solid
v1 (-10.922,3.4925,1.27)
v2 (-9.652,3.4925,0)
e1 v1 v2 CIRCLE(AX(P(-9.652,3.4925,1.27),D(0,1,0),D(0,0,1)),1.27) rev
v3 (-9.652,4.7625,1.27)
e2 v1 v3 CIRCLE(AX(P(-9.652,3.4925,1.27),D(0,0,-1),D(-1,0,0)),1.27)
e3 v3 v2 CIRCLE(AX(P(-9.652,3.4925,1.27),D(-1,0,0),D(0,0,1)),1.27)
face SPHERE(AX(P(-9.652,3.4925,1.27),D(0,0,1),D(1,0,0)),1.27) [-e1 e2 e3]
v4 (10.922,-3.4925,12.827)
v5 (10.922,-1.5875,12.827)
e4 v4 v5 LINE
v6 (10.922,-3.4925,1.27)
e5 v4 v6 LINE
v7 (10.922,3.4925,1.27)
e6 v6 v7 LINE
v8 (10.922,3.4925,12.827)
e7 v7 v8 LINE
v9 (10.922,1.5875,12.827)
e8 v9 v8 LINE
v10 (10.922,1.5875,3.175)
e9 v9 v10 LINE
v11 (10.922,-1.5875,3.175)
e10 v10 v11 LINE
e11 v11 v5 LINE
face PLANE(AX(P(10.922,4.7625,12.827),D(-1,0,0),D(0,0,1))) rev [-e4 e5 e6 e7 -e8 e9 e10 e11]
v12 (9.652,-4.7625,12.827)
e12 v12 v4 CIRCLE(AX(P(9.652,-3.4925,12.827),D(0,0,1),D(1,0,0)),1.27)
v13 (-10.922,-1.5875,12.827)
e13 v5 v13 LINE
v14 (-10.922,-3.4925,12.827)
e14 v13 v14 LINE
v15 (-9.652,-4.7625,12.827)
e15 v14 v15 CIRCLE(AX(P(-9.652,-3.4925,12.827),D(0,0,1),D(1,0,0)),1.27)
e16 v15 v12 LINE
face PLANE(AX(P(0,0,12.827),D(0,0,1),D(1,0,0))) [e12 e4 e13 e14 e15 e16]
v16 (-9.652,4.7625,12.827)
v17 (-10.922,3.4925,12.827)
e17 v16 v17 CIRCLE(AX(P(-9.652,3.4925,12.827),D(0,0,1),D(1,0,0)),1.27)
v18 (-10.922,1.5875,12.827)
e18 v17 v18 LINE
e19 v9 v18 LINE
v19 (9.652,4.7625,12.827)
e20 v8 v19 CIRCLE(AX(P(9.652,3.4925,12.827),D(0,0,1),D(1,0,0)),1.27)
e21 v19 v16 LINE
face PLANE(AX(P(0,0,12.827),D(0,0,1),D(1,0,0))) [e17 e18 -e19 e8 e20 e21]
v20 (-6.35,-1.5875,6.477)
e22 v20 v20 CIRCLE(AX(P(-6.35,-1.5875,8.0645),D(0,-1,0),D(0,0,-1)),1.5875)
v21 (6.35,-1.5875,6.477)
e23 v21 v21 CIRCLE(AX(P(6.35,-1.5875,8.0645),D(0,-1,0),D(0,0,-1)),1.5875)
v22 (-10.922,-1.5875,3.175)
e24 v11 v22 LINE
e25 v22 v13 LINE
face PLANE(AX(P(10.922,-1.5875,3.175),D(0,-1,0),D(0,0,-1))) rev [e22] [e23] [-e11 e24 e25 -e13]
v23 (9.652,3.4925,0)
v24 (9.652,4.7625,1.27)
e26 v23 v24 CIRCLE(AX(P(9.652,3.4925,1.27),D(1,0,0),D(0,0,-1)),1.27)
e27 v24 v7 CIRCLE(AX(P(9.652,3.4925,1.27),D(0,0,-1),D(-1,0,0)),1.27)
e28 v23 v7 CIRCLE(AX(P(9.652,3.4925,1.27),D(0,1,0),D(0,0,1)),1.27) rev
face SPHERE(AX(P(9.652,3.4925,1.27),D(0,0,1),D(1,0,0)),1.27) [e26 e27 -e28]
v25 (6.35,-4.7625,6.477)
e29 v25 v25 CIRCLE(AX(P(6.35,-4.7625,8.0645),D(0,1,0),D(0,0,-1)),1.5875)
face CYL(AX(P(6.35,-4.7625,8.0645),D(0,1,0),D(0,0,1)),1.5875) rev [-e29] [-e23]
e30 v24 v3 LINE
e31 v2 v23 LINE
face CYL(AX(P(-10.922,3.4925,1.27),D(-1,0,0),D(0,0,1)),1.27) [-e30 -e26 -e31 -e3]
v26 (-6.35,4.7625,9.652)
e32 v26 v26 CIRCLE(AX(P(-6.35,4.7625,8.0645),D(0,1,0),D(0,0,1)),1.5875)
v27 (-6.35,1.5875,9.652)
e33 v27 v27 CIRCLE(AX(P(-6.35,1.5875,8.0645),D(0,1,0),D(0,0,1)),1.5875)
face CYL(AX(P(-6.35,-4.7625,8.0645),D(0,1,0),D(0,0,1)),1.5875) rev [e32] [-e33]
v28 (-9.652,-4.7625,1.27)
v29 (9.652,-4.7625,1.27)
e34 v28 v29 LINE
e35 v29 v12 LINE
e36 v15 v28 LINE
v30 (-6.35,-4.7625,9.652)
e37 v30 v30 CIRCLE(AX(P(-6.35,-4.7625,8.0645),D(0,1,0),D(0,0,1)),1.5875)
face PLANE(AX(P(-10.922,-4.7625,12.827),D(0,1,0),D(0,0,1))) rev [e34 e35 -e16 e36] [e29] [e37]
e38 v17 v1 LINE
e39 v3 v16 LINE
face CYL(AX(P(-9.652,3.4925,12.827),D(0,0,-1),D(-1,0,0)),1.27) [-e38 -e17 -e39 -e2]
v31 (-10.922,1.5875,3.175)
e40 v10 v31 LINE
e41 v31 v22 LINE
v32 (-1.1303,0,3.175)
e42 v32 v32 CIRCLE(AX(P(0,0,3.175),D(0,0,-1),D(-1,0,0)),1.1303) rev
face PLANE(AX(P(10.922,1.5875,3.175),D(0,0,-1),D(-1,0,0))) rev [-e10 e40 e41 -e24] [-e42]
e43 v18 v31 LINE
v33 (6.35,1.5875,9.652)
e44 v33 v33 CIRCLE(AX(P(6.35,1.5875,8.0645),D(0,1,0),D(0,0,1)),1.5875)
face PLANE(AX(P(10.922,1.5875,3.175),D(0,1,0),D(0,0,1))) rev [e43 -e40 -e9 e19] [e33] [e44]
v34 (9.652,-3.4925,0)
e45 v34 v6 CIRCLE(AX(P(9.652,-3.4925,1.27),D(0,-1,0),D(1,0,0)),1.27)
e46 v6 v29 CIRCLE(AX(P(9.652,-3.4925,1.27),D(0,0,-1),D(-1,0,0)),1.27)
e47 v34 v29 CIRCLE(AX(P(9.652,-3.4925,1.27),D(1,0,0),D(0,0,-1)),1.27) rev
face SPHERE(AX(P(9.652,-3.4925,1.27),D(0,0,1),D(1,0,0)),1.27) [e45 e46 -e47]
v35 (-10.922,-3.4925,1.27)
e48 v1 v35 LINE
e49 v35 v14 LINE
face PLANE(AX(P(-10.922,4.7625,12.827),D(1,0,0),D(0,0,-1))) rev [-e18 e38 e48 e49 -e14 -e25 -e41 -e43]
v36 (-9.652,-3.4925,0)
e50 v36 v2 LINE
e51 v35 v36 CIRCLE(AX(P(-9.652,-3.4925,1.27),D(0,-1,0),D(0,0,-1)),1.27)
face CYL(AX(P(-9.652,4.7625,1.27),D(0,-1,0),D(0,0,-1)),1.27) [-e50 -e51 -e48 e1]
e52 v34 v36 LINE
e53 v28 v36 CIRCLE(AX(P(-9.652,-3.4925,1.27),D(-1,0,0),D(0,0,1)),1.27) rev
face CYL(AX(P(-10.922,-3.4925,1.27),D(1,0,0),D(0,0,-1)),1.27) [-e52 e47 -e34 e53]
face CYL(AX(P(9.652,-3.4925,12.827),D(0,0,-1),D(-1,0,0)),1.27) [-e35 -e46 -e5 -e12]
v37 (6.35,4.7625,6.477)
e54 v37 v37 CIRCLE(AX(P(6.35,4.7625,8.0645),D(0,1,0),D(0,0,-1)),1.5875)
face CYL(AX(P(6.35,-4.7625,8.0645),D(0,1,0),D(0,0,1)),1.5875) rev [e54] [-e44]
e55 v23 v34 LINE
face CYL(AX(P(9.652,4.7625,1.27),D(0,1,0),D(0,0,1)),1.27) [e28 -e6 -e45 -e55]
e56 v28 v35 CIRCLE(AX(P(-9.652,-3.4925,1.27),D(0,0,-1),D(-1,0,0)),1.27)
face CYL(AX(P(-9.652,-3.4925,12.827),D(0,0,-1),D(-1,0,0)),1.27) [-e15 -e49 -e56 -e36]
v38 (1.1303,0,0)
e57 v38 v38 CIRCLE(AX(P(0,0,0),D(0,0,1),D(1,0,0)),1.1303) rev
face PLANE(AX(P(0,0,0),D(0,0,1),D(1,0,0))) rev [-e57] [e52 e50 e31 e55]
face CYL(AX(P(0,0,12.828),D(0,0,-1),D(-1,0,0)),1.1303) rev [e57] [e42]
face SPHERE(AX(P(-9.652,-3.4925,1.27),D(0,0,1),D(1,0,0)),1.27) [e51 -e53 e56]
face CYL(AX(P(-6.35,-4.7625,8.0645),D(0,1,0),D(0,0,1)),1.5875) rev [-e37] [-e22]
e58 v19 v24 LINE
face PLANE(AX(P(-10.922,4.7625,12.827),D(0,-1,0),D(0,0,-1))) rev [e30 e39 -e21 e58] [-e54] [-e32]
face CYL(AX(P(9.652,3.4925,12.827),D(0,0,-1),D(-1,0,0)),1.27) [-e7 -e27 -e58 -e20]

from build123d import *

# Parameters (mm, degrees)
SKETCH1_W           = 2.0955
SKETCH1_H           = 12.7
SKETCH2_W           = 21.844
SKETCH2_H           = 9.525
BOSS_EXTRUDE1_DEPTH = 12.827
FILLET4_R           = 1.27
SKETCH3_W           = 9.652
SKETCH3_H           = 3.175
CUT_EXTRUDE1_DEPTH  = 22.844
SKETCH4_R           = 1.5875
CUT_EXTRUDE2_DEPTH  = 10.525
CUT_EXTRUDE3_REACH  = 14.827
SKETCH5_R           = 1.1303
SKETCH6_W           = 4.191
SKETCH6_H           = 12.7
CUT_EXTRUDE4_DEPTH  = 10.525


with BuildPart() as part:
    # Sketch1 → Revolve1 (revolve)
    with BuildSketch(Plane(origin=(0, 0, 0), x_dir=(1, 0, 0), z_dir=(0, 1, 0))):
        with Locations((1.04775, 6.35)):
            Rectangle(SKETCH1_W, SKETCH1_H)
    revolve(axis=Axis((0, 0, -12.7), (0, 0, 1)))

    # Sketch2 → Boss-Extrude1 (add)
    with BuildSketch(Plane.XY):
        Rectangle(SKETCH2_W, SKETCH2_H)
    extrude(amount=BOSS_EXTRUDE1_DEPTH)

    # Fillet4
    fillet4_edges = [part.edges().sort_by_distance(p)[0] for p in [
        (10.922, -4.7625, 6.4135),
        (0, 4.7625, 0),
        (10.922, 4.7625, 6.4135),
        (-10.922, 0, 0),
        (-10.922, 4.7625, 6.4135),
        (0, -4.7625, 0),
        (-10.922, -4.7625, 6.4135),
        (10.922, 0, 0),
    ]]
    fillet(fillet4_edges, radius=FILLET4_R)

    # Sketch3 → Cut-Extrude1 (cut, through all)
    with BuildSketch(Plane.ZY.offset(10.922)):
        with Locations((8.001, 0)):
            Rectangle(SKETCH3_W, SKETCH3_H)
    extrude(amount=-CUT_EXTRUDE1_DEPTH, mode=Mode.SUBTRACT)

    # Sketch4 → Cut-Extrude2 (cut, through all)
    with BuildSketch(Plane(origin=(0, 4.7625, 0), x_dir=(1, 0, 0), z_dir=(0, 1, 0))):
        with Locations((-6.35, -8.0645)):
            Circle(SKETCH4_R)
        with Locations((6.35, -8.0645)):
            Circle(SKETCH4_R)
    extrude(amount=-CUT_EXTRUDE2_DEPTH, mode=Mode.SUBTRACT)

    # Sketch5 → Cut-Extrude3 (cut, up to next)
    with BuildSketch(Plane(origin=(0, 0, 0), x_dir=(-1, 0, 0), z_dir=(0, 0, -1)), mode=Mode.PRIVATE) as cut_extrude3_sk1:
        Circle(SKETCH5_R)
    cut_extrude3_tool1 = extrude(cut_extrude3_sk1.sketch, amount=-CUT_EXTRUDE3_REACH, mode=Mode.PRIVATE) & part.part
    add(cut_extrude3_tool1.solids().sort_by_distance((0, 0, 0))[0], mode=Mode.SUBTRACT)

    # Sketch6 → Cut-Extrude4 (cut, through all)
    with BuildSketch(Plane(origin=(0, 4.7625, 0), x_dir=(1, 0, 0), z_dir=(0, 1, 0))):
        with Locations((0, 6.35)):
            Rectangle(SKETCH6_W, SKETCH6_H)
    extrude(amount=-CUT_EXTRUDE4_DEPTH, mode=Mode.SUBTRACT)


solid = part.part
